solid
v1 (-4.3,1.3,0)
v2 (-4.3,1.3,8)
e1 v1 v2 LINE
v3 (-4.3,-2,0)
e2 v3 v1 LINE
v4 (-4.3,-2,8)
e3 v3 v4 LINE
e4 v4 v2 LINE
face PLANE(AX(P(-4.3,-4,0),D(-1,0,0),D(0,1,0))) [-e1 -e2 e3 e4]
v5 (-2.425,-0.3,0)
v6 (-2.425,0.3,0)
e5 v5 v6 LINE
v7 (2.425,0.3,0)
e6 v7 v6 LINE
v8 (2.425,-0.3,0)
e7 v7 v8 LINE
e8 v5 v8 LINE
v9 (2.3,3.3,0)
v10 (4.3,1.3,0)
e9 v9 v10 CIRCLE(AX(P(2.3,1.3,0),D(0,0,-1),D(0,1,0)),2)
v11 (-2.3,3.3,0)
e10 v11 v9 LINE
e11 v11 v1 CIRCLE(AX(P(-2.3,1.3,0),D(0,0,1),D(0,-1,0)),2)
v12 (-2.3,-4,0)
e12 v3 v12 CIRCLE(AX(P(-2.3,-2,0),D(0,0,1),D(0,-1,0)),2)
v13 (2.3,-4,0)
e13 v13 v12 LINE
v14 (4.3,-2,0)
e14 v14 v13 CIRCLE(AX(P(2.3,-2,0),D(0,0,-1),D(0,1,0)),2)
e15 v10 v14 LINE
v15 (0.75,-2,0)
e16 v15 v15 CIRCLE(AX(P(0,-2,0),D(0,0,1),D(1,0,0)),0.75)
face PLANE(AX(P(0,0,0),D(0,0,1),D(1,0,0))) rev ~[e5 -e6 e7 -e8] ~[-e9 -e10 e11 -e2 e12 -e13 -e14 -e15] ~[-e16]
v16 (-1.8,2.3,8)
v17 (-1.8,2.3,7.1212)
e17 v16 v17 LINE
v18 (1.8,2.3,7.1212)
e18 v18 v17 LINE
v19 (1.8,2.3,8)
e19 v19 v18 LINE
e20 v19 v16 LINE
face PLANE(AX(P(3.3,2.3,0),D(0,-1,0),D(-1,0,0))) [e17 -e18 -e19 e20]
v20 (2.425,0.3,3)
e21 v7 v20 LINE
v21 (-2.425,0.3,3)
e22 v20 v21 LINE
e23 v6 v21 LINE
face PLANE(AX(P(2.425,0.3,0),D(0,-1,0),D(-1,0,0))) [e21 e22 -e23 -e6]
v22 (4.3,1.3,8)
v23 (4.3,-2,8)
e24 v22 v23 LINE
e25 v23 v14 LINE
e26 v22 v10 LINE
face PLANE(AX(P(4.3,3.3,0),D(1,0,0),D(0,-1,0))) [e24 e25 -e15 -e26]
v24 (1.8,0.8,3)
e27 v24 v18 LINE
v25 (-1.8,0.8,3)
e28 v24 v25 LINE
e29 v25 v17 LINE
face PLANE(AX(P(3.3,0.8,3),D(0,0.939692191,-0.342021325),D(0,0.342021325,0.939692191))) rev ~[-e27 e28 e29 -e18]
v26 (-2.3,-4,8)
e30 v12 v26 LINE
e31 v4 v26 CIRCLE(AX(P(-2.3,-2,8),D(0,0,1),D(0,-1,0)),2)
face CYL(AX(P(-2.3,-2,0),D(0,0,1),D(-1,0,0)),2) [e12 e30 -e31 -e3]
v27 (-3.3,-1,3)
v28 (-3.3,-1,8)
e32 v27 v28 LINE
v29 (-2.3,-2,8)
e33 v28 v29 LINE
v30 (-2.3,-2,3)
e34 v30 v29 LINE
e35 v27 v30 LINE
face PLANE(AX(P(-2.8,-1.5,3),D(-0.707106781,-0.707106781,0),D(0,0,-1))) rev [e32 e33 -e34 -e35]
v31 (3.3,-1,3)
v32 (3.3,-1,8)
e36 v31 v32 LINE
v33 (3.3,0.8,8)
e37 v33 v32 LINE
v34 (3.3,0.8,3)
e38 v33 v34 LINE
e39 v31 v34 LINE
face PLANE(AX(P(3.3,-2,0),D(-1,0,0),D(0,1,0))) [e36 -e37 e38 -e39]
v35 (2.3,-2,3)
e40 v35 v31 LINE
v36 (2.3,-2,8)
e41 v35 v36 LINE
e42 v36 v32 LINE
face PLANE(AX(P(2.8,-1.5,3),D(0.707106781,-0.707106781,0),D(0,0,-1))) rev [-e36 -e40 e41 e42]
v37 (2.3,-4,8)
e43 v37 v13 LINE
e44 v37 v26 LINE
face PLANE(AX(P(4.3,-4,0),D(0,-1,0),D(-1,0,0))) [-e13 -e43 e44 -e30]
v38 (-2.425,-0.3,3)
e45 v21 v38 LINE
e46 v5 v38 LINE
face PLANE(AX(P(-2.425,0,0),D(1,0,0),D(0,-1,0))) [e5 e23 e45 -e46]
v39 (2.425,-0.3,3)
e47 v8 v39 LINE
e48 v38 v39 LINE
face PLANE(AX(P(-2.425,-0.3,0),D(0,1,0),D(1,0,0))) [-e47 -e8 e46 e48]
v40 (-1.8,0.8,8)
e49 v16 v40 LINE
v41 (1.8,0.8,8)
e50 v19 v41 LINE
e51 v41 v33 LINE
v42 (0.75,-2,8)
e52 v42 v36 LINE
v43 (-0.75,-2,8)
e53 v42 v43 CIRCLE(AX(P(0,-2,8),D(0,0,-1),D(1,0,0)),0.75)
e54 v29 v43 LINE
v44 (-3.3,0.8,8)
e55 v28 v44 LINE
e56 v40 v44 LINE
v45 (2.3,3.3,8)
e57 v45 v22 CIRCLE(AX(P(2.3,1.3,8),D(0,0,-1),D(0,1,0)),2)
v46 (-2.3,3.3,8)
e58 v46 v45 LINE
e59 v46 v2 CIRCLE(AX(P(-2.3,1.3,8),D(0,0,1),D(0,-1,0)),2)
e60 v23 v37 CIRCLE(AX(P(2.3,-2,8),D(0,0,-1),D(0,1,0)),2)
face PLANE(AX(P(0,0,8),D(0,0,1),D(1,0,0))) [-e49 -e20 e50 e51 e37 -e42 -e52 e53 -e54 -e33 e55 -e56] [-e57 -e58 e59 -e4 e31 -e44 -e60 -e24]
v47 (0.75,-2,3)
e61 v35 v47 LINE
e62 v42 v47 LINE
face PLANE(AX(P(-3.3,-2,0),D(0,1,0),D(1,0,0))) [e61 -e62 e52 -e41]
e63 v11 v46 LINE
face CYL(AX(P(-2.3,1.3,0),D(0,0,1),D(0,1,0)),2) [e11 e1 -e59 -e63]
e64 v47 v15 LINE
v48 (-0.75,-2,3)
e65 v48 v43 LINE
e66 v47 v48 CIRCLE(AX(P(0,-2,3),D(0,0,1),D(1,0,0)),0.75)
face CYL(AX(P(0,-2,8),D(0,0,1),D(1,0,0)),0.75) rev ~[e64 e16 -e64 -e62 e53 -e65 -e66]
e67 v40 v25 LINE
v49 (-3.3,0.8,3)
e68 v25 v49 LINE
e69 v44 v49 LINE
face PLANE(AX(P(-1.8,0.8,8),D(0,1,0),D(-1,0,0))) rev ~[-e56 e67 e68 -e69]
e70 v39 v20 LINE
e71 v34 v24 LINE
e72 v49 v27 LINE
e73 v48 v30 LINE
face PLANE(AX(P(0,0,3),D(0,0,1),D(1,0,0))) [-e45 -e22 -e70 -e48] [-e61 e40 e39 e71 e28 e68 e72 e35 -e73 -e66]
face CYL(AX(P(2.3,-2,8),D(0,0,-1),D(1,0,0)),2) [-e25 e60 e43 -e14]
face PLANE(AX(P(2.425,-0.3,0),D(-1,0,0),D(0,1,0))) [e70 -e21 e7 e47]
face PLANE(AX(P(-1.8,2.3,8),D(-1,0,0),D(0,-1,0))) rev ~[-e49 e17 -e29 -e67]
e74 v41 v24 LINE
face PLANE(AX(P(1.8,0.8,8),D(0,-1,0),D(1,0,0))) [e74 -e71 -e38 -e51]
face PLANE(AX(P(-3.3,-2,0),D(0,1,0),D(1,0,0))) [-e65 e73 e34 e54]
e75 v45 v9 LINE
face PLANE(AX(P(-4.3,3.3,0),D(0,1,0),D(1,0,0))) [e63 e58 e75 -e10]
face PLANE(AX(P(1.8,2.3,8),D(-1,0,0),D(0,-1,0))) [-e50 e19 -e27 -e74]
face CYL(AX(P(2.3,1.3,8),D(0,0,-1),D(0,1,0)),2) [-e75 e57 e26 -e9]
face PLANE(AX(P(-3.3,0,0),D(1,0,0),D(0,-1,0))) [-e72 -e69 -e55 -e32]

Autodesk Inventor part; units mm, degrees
ref_plane "YZ Plane" through (0, 0, 0) normal (1, 0, 0) x (0, 1, 0)
ref_plane "XZ Plane" through (0, 0, 0) normal (0, 1, 0) x (-1, 0, 0)
ref_plane "XY Plane" through (0, 0, 0) normal (0, 0, 1) x (1, 0, 0)
sketch "Sketch1" plane through (0, 0, 0) normal (0, 0, 1) x (1, 0, 0)
  line L0 (-2.425, -0.3) -> (2.425, -0.3)
  line L1 (2.425, -0.3) -> (2.425, 0.3)
  line L2 (2.425, 0.3) -> (-2.425, 0.3)
  line L3 (-2.425, 0.3) -> (-2.425, -0.3)
  line L4 (-2.425, -0.3) -> (2.425, 0.3) construction
  line L5 (2.425, -0.3) -> (-2.425, 0.3) construction
  line L6 (-3.3, -2) -> (3.3, -2)
  line L7 (3.3, -2) -> (3.3, 2)
  line L8 (3.3, 2) -> (-3.3, 2)
  line L9 (-3.3, 2) -> (-3.3, -2)
  line L10 (-3.3, -2) -> (3.3, 2) construction
  line L11 (3.3, -2) -> (-3.3, 2) construction
  line L12 (-3.3, 0) -> (3.3, 0)
  line L13 (3.3, 0) -> (3.3, 2.3)
  line L14 (3.3, 2.3) -> (-3.3, 2.3)
  line L15 (-3.3, 2.3) -> (-3.3, 0)
  line L16 (-4.3, 3.3) -> (4.3, 3.3)
  line L17 (4.3, 3.3) -> (4.3, -4)
  line L18 (4.3, -4) -> (-4.3, -4)
  line L19 (-4.3, -4) -> (-4.3, 3.3)
  point P0 (0, 0)
  point P1 (-3.3, 2)
  point P2 (3.3, 2)
  dimension "d0" = 0.6
  dimension "d1" = 4.85
  dimension "d4" = 6.6
  dimension "d6" = 2
  dimension "d9" = 1
  dimension "d10" = 1
  dimension "d11" = 1
  dimension "d12" = 2
  dimension "d20" = 2
extrude "Extrusion1" add sketch "Sketch1" along normal blind 3 contours L0 L1 L12 L7 L6 L9 L3 | L12 L9 L8 L7 L1 L2 L3 | L15 L14 L13 L8 | L16 L17 L18 L19
extrude "Extrusion2" add sketch "Sketch1" along normal blind 8
sketch "Sketch2" plane through (3.3, -2, 3) normal (-1, 0, 0) x (0, 0, 1)
  line L0 (0, 0) -> (0, 4.3) projected
  line L1 (0, 0) -> (5, 0) projected
  line L2 (5, 4.3) -> (5, 0) projected
  line L3 (0, 4.3) -> (5, 4.3) projected
  line L4 (0, 0) -> (0, 4.3) projected
  line L5 (0, 2.8) -> (4.1212, 4.3)
  line L6 (0, 4.3) -> (5, 4.3) projected
  point P0 (-3, 2)
  point P1 (0, 2.3)
  dimension "d22" = 0.5
  dimension "d23" = 70
extrude "Extrusion3" add sketch "Sketch2" along normal blind 7 contours L0 L3 L5
sketch "Sketch3" plane through (0, 0, 8) normal (0, 0, 1) x (1, 0, 0)
  line L0 (-4.3, -4) -> (4.3, -4) projected
  line L1 (4.3, -4) -> (4.3, 3.3) projected
  line L2 (4.3, 3.3) -> (-4.3, 3.3) projected
  line L3 (-4.3, 3.3) -> (-4.3, -4) projected
  line L4 (3.3, -2) -> (-3.3, -2) projected
  line L5 (-3.3, -2) -> (-3.3, 2.3) projected
  line L6 (-3.3, 2.3) -> (3.3, 2.3) projected
  line L7 (3.3, 2.3) -> (3.3, -2) projected
  line L8 (-3.3, 2.3) -> (-1.8, 2.3)
  line L9 (-1.8, 2.3) -> (-1.8, 0.8)
  line L10 (-1.8, 0.8) -> (-3.3, 0.8)
  line L11 (-3.3, 0.8) -> (-3.3, 2.3)
  line L12 (3.3, 2.3) -> (1.8, 2.3)
  line L13 (1.8, 2.3) -> (1.8, 0.8)
  line L14 (1.8, 0.8) -> (3.3, 0.8)
  line L15 (3.3, 0.8) -> (3.3, 2.3)
  point P0 (0, 0)
  point P1 (-3.3, 0.8)
  point P2 (-1.8, 2.3)
  dimension "d26" = 1.5
  dimension "d27" = 1.5
  dimension "d28" = 1.5
  dimension "d29" = 1.5
extrude "Extrusion4" add sketch "Sketch3" against normal blind 5 contours L14 L13 L6 L7 | L5 L6 L9 L10
chamfer "Chamfer2" distance 1 angle 45 1 edges at (-3.3, -2, 5.5)
chamfer "Chamfer3" distance 1 angle 45 1 edges at (3.3, -2, 5.5)
sketch "Sketch4" plane through (0, 0, 8) normal (0, 0, 1) x (1, 0, 0)
  line L0 (-2.3, -2) -> (2.3, -2) projected
  circle A0 centre (0, -2) radius 0.75
  point P0 (0, 0)
  dimension "d39" = 1.5
extrude "Extrusion5" cut sketch "Sketch4" against normal blind 10
fillet "Fillet2" radius 2 4 edges at (-4.3, 3.3, 4) (4.3, 3.3, 4) (4.3, -4, 4) (-4.3, -4, 4)
properties part number "Cable_tie_connector_p1_metal"
